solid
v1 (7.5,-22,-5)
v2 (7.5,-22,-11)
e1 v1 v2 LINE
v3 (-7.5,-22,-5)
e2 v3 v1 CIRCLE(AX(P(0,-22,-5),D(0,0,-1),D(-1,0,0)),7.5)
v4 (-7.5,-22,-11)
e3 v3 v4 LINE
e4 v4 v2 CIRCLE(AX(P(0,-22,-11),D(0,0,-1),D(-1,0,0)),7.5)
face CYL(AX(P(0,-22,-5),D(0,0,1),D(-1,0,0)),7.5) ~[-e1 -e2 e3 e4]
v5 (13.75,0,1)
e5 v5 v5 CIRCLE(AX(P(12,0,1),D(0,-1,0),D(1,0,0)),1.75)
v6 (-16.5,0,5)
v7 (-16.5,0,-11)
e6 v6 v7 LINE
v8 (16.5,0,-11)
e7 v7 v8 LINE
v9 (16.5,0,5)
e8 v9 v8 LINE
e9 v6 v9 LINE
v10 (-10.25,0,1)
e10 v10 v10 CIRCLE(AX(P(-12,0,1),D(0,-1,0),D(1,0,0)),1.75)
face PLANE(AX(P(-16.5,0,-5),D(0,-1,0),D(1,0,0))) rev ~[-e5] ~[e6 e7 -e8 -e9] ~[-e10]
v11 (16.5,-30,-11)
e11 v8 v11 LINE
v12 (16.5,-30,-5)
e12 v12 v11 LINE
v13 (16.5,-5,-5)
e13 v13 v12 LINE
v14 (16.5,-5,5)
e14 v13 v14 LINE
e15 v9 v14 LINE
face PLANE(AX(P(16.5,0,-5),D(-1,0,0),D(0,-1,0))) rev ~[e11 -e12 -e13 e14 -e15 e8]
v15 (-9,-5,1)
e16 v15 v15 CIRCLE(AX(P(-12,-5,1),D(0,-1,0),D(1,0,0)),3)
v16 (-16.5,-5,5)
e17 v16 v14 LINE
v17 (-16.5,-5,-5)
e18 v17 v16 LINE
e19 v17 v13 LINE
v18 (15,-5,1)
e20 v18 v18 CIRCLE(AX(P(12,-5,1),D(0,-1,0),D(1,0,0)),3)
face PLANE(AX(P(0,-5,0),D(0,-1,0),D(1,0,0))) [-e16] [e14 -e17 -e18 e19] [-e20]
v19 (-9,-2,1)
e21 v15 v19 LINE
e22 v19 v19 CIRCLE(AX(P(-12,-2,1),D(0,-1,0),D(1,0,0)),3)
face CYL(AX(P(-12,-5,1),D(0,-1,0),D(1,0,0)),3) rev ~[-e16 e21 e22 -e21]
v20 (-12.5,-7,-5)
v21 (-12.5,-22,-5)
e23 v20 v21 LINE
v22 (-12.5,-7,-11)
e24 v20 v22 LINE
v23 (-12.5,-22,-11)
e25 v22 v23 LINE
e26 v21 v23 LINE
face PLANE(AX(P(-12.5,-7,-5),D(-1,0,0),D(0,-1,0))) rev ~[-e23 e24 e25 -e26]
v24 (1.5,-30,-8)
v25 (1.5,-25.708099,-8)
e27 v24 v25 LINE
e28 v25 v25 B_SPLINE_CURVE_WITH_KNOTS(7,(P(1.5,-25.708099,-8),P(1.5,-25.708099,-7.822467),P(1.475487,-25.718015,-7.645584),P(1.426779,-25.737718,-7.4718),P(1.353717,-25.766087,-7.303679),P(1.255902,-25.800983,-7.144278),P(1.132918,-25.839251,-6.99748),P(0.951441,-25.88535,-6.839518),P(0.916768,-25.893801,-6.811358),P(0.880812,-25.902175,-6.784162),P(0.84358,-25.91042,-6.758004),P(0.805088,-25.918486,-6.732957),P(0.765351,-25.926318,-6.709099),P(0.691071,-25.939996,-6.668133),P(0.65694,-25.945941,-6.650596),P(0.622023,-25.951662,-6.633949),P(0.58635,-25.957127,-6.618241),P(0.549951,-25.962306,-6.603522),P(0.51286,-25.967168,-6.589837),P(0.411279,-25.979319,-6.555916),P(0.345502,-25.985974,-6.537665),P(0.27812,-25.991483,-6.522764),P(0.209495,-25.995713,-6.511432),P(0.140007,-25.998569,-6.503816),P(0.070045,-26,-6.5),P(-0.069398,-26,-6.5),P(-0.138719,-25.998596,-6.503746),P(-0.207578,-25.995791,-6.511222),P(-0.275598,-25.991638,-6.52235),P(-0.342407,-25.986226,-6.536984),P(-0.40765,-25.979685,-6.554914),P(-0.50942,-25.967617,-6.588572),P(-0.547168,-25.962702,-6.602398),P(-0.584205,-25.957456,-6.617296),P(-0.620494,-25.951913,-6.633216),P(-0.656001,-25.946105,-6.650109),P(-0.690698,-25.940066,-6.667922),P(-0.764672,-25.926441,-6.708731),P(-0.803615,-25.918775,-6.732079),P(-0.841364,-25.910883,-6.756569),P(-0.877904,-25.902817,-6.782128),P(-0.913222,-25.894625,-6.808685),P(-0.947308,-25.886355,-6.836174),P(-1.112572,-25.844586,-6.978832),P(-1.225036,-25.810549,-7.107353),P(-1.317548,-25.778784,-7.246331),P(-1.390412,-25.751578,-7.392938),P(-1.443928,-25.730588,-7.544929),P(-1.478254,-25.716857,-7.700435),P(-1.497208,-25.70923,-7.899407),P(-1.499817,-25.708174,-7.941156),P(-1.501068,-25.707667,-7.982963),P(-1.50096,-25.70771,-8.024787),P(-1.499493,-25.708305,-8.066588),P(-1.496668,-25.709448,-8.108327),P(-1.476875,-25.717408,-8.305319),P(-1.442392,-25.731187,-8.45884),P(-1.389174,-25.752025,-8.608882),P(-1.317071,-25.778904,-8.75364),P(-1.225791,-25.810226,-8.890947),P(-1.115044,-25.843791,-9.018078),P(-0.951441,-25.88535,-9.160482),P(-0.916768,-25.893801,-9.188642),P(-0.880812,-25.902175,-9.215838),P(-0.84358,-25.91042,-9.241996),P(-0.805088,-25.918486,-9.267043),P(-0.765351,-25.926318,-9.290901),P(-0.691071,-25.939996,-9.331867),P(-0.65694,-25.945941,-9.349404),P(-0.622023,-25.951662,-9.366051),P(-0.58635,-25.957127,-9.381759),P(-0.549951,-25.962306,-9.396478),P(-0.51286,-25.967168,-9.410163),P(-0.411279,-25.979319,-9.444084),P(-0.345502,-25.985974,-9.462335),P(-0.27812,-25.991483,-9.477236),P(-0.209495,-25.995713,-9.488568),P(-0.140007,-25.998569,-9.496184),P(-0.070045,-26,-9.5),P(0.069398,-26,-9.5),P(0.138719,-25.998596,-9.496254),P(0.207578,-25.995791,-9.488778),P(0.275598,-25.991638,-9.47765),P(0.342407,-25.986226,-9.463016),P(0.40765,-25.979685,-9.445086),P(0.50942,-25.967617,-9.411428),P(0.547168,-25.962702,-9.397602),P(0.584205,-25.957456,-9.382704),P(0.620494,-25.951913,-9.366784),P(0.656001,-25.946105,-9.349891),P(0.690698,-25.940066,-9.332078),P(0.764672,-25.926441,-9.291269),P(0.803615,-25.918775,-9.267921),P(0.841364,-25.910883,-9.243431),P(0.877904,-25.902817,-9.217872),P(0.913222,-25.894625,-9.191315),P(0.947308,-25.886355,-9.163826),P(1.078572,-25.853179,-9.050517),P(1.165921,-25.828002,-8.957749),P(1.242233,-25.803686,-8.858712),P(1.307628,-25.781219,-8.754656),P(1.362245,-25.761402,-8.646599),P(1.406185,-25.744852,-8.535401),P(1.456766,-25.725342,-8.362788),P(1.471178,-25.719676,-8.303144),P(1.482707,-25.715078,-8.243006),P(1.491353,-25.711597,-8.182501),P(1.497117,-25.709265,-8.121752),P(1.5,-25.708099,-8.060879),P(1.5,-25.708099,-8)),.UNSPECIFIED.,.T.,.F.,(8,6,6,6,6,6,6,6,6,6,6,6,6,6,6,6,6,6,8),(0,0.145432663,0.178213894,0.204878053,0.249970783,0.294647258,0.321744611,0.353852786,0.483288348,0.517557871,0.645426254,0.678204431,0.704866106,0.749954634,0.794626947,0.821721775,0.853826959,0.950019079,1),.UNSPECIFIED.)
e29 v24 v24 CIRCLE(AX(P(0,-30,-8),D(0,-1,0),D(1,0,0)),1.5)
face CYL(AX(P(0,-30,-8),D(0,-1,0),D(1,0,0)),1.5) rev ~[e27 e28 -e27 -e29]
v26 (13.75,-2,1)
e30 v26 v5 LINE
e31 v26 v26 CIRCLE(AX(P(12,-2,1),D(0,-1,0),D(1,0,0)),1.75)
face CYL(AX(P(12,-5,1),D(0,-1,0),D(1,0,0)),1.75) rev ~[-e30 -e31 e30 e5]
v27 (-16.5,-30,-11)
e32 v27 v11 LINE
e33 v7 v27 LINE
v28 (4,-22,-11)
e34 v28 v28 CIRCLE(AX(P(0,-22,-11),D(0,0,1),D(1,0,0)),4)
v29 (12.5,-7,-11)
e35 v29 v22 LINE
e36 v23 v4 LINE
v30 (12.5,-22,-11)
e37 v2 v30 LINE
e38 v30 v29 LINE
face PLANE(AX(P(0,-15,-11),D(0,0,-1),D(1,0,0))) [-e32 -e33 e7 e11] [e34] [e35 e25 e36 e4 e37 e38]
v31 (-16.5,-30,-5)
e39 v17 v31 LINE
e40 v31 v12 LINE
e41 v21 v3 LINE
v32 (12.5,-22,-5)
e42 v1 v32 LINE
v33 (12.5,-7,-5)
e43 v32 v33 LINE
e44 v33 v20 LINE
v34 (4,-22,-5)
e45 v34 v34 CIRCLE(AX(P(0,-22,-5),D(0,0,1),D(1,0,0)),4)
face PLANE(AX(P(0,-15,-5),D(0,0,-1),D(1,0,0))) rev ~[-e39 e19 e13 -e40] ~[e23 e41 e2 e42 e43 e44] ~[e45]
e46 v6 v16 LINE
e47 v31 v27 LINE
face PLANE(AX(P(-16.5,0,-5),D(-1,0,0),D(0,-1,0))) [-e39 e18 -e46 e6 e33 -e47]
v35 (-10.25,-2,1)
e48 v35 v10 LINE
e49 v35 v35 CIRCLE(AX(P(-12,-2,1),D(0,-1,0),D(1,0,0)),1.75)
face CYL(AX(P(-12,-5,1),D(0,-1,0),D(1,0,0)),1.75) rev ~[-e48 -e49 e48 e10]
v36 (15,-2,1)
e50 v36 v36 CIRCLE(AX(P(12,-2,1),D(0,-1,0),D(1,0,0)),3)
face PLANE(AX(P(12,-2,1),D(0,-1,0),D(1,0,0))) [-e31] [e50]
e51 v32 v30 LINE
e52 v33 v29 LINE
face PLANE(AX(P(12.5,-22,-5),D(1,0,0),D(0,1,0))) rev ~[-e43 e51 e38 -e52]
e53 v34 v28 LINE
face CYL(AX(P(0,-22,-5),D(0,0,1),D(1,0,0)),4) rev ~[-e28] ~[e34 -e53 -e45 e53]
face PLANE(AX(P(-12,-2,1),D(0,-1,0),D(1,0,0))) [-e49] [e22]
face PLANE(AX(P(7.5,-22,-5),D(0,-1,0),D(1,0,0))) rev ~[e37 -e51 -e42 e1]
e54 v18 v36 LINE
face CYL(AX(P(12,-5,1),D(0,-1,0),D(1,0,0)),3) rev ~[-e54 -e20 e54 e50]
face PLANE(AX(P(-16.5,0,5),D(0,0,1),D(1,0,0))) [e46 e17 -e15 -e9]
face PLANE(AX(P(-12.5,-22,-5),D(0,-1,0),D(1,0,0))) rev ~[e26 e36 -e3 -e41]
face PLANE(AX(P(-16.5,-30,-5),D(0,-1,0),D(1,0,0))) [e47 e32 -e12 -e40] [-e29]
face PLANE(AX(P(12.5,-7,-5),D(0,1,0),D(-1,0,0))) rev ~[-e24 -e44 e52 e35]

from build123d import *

# Parameters (mm, degrees)
F0_W      = 33
F0_H      = 10
F1_DEPTH  = 5
F2_R      = 1.75
F3_DEPTH  = 5
F2_R_2    = 3
F4_DEPTH  = 3
F5_W      = 33
F5_H      = 30
F6_DEPTH  = 6
F7_R      = 4
F8_DEPTH  = 6
F9_R      = 1.5
F10_DEPTH = 4.2929008565
F12_DEPTH = 6


with BuildPart() as f1:
    # F0 (on Front) → F1 (new body)
    with BuildSketch(Plane.XZ):
        Rectangle(F0_W, F0_H)
    extrude(amount=F1_DEPTH)

    # F2 (on face) → F3 (cut, through all)
    with BuildSketch(Plane.XZ.offset(5)):
        with Locations((-12, 1)):
            Circle(F2_R)
        with Locations((12, 1)):
            Circle(F2_R)
    extrude(amount=-F3_DEPTH, mode=Mode.SUBTRACT)

    # F2 (on face) → F4 (cut)
    with BuildSketch(Plane.XZ.offset(5)):
        with Locations((-12, 1)):
            Circle(F2_R_2)
        with Locations((-12, 1)):
            Circle(F2_R, mode=Mode.SUBTRACT)
        with Locations((12, 1)):
            Circle(F2_R_2)
        with Locations((12, 1)):
            Circle(F2_R, mode=Mode.SUBTRACT)
    extrude(amount=-F4_DEPTH, mode=Mode.SUBTRACT)

    # F5 (on face) → F6 (join)
    with BuildSketch(Plane(origin=(0, 0, -5), x_dir=(1, 0, 0), z_dir=(0, 0, -1))):
        with Locations((0, 15)):
            Rectangle(F5_W, F5_H)
    extrude(amount=F6_DEPTH)

    # F7 (on face) → F8 (cut, through all)
    with BuildSketch(Plane.XY.offset(-5)):
        with Locations((0, -22)):
            Circle(F7_R)
    extrude(amount=-F8_DEPTH, mode=Mode.SUBTRACT)

    # F9 (on face) → F10 (cut, through all)
    with BuildSketch(Plane.XZ.offset(30)):
        with Locations((0, -8)):
            Circle(F9_R)
    extrude(amount=-F10_DEPTH, mode=Mode.SUBTRACT)

    # F11 (on face) → F12 (cut, through all)
    with BuildSketch(Plane.XY.offset(-5)):
        with BuildLine():
            Line((12.5, -7), (-12.5, -7))
            Line((-12.5, -7), (-12.5, -14.6550831307))
            Line((-12.5, -14.6550831307), (-12.5, -22))
            Line((-12.5, -22), (-7.5, -22))
            ThreePointArc((-7.5, -22), (0, -14.5), (7.5, -22))
            Line((7.5, -22), (12.5, -22))
            Line((12.5, -22), (12.5, -14.6550831307))
            Line((12.5, -14.6550831307), (12.5, -7))
        make_face()
    extrude(amount=-F12_DEPTH, mode=Mode.SUBTRACT)


solid = f1.part
